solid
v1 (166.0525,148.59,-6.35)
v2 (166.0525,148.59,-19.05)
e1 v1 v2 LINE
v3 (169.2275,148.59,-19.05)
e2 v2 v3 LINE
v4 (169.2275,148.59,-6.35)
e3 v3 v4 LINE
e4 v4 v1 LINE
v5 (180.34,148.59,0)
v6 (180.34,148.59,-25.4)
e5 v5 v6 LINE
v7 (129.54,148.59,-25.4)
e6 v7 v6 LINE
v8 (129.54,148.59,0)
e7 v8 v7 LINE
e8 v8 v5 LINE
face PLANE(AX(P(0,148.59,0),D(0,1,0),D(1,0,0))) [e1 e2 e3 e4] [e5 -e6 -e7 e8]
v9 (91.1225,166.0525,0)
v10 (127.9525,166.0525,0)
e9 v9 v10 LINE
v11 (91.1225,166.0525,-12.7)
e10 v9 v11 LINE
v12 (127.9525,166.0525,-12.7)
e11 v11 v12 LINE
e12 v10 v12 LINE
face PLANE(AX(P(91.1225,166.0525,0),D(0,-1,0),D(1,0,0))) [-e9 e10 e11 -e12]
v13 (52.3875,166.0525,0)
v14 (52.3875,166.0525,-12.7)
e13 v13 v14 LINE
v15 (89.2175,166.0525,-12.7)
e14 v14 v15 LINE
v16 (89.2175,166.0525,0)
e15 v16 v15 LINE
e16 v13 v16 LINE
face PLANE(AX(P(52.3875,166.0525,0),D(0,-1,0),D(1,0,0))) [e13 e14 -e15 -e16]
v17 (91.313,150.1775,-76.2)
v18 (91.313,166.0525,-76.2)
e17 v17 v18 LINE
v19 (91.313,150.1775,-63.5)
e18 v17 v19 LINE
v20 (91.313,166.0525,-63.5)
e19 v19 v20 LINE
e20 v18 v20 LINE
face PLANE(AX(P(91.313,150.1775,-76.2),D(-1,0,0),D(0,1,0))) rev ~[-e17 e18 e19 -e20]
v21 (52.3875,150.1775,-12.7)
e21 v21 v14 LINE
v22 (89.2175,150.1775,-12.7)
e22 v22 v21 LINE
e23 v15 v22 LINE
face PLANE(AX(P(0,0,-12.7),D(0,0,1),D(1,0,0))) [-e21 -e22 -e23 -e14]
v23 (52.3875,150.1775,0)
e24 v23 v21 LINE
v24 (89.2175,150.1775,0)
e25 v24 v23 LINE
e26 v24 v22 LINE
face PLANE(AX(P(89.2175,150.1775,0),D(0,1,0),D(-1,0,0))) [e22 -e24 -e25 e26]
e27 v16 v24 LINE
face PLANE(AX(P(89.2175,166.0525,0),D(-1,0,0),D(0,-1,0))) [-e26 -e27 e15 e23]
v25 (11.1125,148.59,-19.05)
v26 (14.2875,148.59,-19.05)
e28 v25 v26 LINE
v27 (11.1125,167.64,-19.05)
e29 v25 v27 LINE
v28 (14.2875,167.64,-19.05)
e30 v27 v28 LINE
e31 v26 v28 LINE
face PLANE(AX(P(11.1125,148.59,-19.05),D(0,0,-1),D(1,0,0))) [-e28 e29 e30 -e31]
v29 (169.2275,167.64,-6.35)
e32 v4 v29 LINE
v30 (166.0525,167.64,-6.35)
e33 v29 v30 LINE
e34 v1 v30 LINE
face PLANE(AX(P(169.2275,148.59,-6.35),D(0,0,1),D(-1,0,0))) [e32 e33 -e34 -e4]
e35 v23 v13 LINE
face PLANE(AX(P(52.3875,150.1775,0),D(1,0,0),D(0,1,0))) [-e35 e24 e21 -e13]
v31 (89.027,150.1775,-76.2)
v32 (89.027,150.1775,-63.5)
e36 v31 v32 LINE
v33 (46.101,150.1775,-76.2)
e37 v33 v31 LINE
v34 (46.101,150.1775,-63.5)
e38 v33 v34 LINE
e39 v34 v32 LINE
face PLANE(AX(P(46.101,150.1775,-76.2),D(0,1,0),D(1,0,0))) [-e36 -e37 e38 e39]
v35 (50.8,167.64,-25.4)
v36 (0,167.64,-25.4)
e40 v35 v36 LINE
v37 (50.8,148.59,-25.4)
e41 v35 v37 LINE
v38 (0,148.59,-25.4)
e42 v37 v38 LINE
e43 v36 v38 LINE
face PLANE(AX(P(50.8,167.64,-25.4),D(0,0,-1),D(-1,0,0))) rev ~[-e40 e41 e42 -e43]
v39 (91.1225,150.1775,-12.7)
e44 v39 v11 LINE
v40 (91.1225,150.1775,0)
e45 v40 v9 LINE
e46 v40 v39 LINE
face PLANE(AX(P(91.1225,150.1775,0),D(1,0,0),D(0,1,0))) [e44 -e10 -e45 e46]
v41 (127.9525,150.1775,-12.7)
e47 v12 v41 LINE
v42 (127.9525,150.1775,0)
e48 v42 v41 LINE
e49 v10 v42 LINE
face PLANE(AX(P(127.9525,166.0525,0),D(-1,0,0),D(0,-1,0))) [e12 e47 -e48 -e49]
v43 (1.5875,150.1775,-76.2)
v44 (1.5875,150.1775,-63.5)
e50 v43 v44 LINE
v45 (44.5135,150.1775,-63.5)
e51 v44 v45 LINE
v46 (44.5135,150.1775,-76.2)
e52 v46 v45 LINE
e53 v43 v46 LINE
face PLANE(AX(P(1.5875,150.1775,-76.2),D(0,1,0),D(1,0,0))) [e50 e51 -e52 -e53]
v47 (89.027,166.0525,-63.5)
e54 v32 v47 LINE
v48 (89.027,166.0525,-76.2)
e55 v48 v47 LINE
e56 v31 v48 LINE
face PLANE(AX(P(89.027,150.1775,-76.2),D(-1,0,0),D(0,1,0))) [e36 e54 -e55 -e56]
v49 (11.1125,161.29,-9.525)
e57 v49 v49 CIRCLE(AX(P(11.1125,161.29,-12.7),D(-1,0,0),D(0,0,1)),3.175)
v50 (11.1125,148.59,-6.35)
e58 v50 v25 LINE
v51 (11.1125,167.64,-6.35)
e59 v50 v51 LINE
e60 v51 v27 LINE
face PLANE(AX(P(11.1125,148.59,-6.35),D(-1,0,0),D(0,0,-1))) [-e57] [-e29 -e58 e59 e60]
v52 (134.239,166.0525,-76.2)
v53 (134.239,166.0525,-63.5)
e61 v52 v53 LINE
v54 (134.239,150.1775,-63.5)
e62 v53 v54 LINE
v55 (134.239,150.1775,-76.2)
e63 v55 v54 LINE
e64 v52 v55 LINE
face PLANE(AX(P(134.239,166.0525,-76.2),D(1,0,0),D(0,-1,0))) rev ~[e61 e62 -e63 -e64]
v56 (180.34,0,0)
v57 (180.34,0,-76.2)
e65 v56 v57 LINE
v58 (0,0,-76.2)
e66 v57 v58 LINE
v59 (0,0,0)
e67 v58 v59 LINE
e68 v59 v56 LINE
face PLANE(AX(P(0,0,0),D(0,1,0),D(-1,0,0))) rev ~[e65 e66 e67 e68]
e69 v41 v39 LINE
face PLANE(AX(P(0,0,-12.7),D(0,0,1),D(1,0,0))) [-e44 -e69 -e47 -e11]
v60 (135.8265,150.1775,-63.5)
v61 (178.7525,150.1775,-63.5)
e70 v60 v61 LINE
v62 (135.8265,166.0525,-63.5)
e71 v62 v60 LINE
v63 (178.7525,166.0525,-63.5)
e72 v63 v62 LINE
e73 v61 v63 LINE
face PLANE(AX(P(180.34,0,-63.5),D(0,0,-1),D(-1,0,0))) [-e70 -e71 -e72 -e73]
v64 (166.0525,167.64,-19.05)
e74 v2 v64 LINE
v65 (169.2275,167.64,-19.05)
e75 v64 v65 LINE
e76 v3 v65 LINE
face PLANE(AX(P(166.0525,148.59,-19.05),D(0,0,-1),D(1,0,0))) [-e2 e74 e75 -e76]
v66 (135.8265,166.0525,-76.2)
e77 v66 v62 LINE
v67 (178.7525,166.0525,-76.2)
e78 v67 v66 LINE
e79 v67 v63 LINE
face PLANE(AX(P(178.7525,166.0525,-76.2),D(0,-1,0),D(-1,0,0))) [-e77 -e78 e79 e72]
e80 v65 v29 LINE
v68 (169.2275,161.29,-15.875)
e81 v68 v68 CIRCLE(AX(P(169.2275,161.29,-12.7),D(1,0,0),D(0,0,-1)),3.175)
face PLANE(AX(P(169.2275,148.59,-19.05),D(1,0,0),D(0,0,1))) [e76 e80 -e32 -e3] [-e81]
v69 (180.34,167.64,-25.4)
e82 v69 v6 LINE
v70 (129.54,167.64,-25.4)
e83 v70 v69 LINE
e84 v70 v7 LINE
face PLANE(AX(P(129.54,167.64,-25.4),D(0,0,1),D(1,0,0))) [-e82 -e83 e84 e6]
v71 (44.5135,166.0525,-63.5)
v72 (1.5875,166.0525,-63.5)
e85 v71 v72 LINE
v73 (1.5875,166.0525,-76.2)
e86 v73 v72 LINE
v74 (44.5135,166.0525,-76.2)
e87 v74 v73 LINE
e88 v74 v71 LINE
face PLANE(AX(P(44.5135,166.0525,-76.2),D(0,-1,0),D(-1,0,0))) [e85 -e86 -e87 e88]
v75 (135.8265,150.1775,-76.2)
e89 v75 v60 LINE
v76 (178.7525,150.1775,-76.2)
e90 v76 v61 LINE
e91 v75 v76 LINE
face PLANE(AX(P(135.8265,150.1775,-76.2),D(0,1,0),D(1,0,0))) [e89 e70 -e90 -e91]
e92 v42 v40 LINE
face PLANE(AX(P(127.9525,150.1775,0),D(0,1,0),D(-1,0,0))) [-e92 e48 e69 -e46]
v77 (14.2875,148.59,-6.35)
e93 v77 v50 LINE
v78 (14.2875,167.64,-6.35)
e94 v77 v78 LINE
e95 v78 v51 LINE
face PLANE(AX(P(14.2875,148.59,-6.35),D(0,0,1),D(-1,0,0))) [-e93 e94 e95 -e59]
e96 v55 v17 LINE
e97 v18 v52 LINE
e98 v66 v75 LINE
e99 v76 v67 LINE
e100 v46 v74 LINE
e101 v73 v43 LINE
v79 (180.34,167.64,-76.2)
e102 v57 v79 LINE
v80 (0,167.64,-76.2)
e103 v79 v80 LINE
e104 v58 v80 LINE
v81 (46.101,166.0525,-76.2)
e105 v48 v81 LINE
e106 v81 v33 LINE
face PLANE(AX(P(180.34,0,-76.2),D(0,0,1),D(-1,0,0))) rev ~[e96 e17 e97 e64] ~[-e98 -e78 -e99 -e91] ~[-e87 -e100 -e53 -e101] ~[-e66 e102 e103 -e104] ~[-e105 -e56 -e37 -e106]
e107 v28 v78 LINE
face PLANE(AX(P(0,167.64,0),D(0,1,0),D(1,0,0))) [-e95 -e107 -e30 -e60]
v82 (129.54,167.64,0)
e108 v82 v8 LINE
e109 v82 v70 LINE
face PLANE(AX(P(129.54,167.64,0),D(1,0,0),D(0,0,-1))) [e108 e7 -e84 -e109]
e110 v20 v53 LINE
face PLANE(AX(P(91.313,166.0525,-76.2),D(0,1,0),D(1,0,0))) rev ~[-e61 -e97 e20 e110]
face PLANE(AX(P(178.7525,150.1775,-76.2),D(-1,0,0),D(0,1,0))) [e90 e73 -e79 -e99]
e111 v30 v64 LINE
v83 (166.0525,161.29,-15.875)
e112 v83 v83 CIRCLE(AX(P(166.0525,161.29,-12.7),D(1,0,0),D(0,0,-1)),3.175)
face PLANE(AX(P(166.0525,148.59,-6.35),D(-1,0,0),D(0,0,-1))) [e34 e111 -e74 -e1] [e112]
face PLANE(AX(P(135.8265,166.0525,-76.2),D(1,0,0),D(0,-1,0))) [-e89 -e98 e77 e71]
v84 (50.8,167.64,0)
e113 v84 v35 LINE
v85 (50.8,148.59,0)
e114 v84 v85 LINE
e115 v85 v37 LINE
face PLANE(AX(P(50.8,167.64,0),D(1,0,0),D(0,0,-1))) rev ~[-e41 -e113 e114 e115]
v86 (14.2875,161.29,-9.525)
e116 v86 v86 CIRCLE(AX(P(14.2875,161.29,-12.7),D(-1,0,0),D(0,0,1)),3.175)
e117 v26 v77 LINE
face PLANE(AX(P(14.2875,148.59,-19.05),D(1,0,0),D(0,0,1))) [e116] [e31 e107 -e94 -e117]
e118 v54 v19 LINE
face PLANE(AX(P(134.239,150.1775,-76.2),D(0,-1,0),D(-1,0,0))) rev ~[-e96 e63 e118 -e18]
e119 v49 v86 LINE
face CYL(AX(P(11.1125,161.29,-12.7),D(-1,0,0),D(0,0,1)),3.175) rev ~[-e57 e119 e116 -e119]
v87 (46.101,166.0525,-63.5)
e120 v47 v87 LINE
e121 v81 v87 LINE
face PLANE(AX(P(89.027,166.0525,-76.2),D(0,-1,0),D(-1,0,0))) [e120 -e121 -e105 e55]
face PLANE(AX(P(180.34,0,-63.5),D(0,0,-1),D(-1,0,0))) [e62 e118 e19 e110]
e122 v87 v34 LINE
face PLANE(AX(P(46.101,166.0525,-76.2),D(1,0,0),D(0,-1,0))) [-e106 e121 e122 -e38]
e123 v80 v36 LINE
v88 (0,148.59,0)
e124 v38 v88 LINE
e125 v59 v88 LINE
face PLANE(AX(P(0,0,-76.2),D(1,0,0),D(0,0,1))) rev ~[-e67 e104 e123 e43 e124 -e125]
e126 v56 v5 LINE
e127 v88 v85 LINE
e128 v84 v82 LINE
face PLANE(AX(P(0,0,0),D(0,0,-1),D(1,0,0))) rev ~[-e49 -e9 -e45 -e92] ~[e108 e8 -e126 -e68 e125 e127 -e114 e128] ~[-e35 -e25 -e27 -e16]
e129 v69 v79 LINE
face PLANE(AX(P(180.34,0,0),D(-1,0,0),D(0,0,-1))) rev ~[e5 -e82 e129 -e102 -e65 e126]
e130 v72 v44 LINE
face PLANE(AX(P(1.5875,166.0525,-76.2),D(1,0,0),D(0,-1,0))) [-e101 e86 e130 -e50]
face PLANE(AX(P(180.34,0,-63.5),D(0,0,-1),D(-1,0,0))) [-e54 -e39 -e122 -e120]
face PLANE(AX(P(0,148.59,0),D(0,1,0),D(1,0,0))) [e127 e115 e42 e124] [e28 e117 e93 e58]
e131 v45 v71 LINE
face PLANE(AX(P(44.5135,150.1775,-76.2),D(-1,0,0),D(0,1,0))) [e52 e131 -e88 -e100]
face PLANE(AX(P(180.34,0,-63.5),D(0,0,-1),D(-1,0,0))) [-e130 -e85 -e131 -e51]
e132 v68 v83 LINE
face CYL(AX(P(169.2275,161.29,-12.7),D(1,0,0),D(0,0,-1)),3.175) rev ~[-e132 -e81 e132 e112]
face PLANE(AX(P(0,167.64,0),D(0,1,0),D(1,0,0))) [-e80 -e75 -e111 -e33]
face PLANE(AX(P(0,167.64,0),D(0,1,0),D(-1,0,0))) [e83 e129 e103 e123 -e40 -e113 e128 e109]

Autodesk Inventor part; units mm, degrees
ref_plane "YZ Plane" through (0, 0, 0) normal (1, 0, 0) x (0, 1, 0)
ref_plane "XZ Plane" through (0, 0, 0) normal (0, 1, 0) x (-1, 0, 0)
ref_plane "XY Plane" through (0, 0, 0) normal (0, 0, 1) x (1, 0, 0)
sketch "Sketch1" plane through (0, 0, 0) normal (0, 1, 0) x (-1, 0, 0)
  line L0 (0, 0) -> (-180.34, 0)
  line L1 (-180.34, 0) -> (-180.34, -76.2)
  line L2 (-180.34, -76.2) -> (0, -76.2)
  line L3 (0, -76.2) -> (0, 0)
  dimension "d0" = 180.34
  dimension "d1" = 76.2
extrude "Extrusion1" add sketch "Sketch1" along normal blind 167.64
sketch "Sketch2" plane through (0, 167.64, 0) normal (0, 1, 0) x (1, 0, 0)
  line L0 (0, 0) -> (180.34, 0) projected
  line L1 (180.34, 0) -> (180.34, 76.2) projected
  line L2 (180.34, 76.2) -> (0, 76.2) projected
  line L3 (0, 76.2) -> (0, 0) projected
  line L4 (0, 0) -> (50.8, 0)
  line L5 (50.8, 0) -> (50.8, 25.4)
  line L6 (50.8, 25.4) -> (0, 25.4)
  line L7 (0, 25.4) -> (0, 0)
  line L8 (180.34, 0) -> (129.54, 0)
  line L9 (129.54, 0) -> (129.54, 25.4)
  line L10 (129.54, 25.4) -> (180.34, 25.4)
  line L11 (180.34, 25.4) -> (180.34, 0)
  dimension "d4" = 50.8
  dimension "d5" = 25.4
  dimension "d6" = 50.8
  dimension "d7" = 25.4
extrude "Extrusion2" cut sketch "Sketch2" against normal blind 19.05 contours L3 L6 L5 L0 | L9 L10 L1 L0
sketch "Sketch3" plane through (0, 0, 0) normal (0, 0, 1) x (1, 0, 0)
  line L0 (50.8, 167.64) -> (50.8, 148.59) construction
  line L1 (50.8, 148.59) -> (0, 148.59) projected
  line L2 (0, 0) -> (0, 148.59) projected
  line L3 (0, 0) -> (180.34, 0) projected
  line L4 (180.34, 0) -> (180.34, 148.59) projected
  line L5 (180.34, 148.59) -> (129.54, 148.59) projected
  line L6 (129.54, 148.59) -> (129.54, 167.64) construction
  line L7 (50.8, 167.64) -> (129.54, 167.64) construction
  line L8 (50.8, 167.64) -> (129.54, 167.64)
  line L9 (129.54, 167.64) -> (129.54, 148.59)
  line L10 (129.54, 148.59) -> (50.8, 148.59) construction
  line L11 (50.8, 148.59) -> (50.8, 167.64)
  line L12 (52.3875, 150.1775) -> (127.9525, 150.1775) construction
  line L13 (127.9525, 150.1775) -> (127.9525, 166.0525) construction
  line L14 (127.9525, 166.0525) -> (52.3875, 166.0525) construction
  line L15 (52.3875, 166.0525) -> (52.3875, 150.1775) construction
  line L16 (52.3875, 166.0525) -> (89.2175, 166.0525)
  line L17 (89.2175, 166.0525) -> (89.2175, 150.1775)
  line L18 (89.2175, 150.1775) -> (52.3875, 150.1775)
  line L19 (52.3875, 150.1775) -> (52.3875, 166.0525)
  line L20 (127.9525, 150.1775) -> (91.1225, 150.1775)
  line L21 (91.1225, 150.1775) -> (91.1225, 166.0525)
  line L22 (91.1225, 166.0525) -> (127.9525, 166.0525)
  line L23 (127.9525, 166.0525) -> (127.9525, 150.1775)
  dimension "d10" = 1.5875
  dimension "d11" = 36.83
  dimension "d12" = 36.83
extrude "Extrusion3" cut sketch "Sketch3" against normal blind 12.7 contours L16 L17 L18 L19 | L20 L21 L22 L23
sketch "Sketch4" plane through (180.34, 0, -76.2) normal (0, 0, -1) x (-1, 0, 0)
  line L0 (0, 0) -> (180.34, 0) construction
  line L1 (180.34, 0) -> (180.34, 167.64) construction
  line L2 (0, 167.64) -> (180.34, 167.64) construction
  line L3 (0, 0) -> (0, 167.64) construction
  line L4 (0, 167.64) -> (180.34, 167.64) construction
  line L5 (180.34, 167.64) -> (180.34, 148.59) construction
  line L6 (180.34, 148.59) -> (0, 148.59) construction
  line L7 (0, 148.59) -> (0, 167.64) construction
  line L8 (1.5875, 150.1775) -> (178.7525, 150.1775) construction
  line L9 (178.7525, 150.1775) -> (178.7525, 166.0525) construction
  line L10 (178.7525, 166.0525) -> (1.5875, 166.0525) construction
  line L11 (1.5875, 166.0525) -> (1.5875, 150.1775) construction
  line L12 (1.5875, 166.0525) -> (44.5135, 166.0525)
  line L13 (44.5135, 166.0525) -> (44.5135, 150.1775)
  line L14 (44.5135, 150.1775) -> (1.5875, 150.1775)
  line L15 (1.5875, 150.1775) -> (1.5875, 166.0525)
  line L16 (178.7525, 150.1775) -> (135.8265, 150.1775)
  line L17 (135.8265, 150.1775) -> (135.8265, 166.0525)
  line L18 (135.8265, 166.0525) -> (178.7525, 166.0525)
  line L19 (178.7525, 166.0525) -> (178.7525, 150.1775)
  line L20 (46.101, 150.1775) -> (89.027, 150.1775)
  line L21 (89.027, 150.1775) -> (89.027, 166.0525)
  line L22 (89.027, 166.0525) -> (46.101, 166.0525)
  line L23 (46.101, 166.0525) -> (46.101, 150.1775)
  line L24 (134.239, 150.1775) -> (91.313, 150.1775)
  line L25 (91.313, 150.1775) -> (91.313, 166.0525)
  line L26 (91.313, 166.0525) -> (134.239, 166.0525)
  line L27 (134.239, 166.0525) -> (134.239, 150.1775)
  dimension "d15" = 1.5875
  dimension "d16" = 42.926
  dimension "d17" = 42.926
  dimension "d18" = 42.926
  dimension "d19" = 42.926
  dimension "d20" = 1.5875
  dimension "d21" = 1.5875
extrude "Extrusion4" cut sketch "Sketch4" against normal blind 12.7
sketch "Sketch5" plane through (0, 148.59, 0) normal (0, 1, 0) x (1, 0, 0)
  line L0 (50.8, 0) -> (0, 0) projected
  line L1 (50.8, 25.4) -> (50.8, 0) projected
  line L2 (0, 25.4) -> (50.8, 25.4) projected
  line L3 (0, 0) -> (0, 25.4) projected
  line L4 (180.34, 25.4) -> (180.34, 0) projected
  line L5 (129.54, 25.4) -> (180.34, 25.4) projected
  line L6 (129.54, 0) -> (129.54, 25.4) projected
  line L7 (180.34, 0) -> (129.54, 0) projected
  line L8 (0, 0) -> (12.7, 0) construction
  line L9 (12.7, 0) -> (12.7, 12.7) construction
  line L10 (12.7, 12.7) -> (0, 12.7) construction
  line L11 (0, 12.7) -> (0, 0) construction
  line L12 (180.34, 0) -> (167.64, 0) construction
  line L13 (167.64, 0) -> (167.64, 12.7) construction
  line L14 (167.64, 12.7) -> (180.34, 12.7) construction
  line L15 (180.34, 12.7) -> (180.34, 0) construction
  line L16 (11.1125, 19.05) -> (14.2875, 19.05)
  line L17 (14.2875, 19.05) -> (14.2875, 6.35)
  line L18 (14.2875, 6.35) -> (11.1125, 6.35)
  line L19 (11.1125, 6.35) -> (11.1125, 19.05)
  line L20 (11.1125, 19.05) -> (14.2875, 6.35) construction
  line L21 (14.2875, 19.05) -> (11.1125, 6.35) construction
  line L22 (169.2275, 6.35) -> (166.0525, 6.35)
  line L23 (166.0525, 6.35) -> (166.0525, 19.05)
  line L24 (166.0525, 19.05) -> (169.2275, 19.05)
  line L25 (169.2275, 19.05) -> (169.2275, 6.35)
  line L26 (169.2275, 6.35) -> (166.0525, 19.05) construction
  line L27 (166.0525, 6.35) -> (169.2275, 19.05) construction
  dimension "d24" = 12.7
  dimension "d25" = 12.7
  dimension "d26" = 12.7
  dimension "d27" = 12.7
  dimension "d28" = 3.175
  dimension "d29" = 12.7
  dimension "d30" = 3.175
  dimension "d31" = 12.7
extrude "Extrusion5" add sketch "Sketch5" along normal blind 19.05 contours L16 L17 L18 L19 | L22 L23 L24 L25
sketch "Sketch6" plane through (169.2275, 148.59, -6.35) normal (1, 0, 0) x (0, 0, -1)
  line L0 (12.7, 0) -> (0, 0) construction
  line L1 (12.7, 0) -> (12.7, 19.05) construction
  line L2 (0, 19.05) -> (12.7, 19.05) construction
  line L3 (0, 0) -> (0, 19.05) construction
  line L4 (0, 19.05) -> (6.35, 19.05) construction
  line L5 (6.35, 19.05) -> (6.35, 12.7) construction
  line L6 (6.35, 12.7) -> (0, 12.7) construction
  line L7 (0, 12.7) -> (0, 19.05) construction
  circle A0 centre (6.35, 12.7) radius 3.175
  point P0 (-6.35, -148.59)
  dimension "d34" = 6.35
  dimension "d35" = 6.35
  dimension "d36" = 6.35
extrude "Extrusion6" cut sketch "Sketch6" against normal blind 25.4
sketch "Sketch7" plane through (11.1125, 148.59, -19.05) normal (-1, 0, 0) x (0, 0, 1)
  line L0 (12.7, 0) -> (0, 0) construction
  line L1 (12.7, 0) -> (12.7, 19.05) construction
  line L2 (0, 19.05) -> (12.7, 19.05) construction
  line L3 (0, 0) -> (0, 19.05) construction
  line L4 (12.7, 19.05) -> (6.35, 19.05) construction
  line L5 (6.35, 19.05) -> (6.35, 12.7) construction
  line L6 (6.35, 12.7) -> (12.7, 12.7) construction
  line L7 (12.7, 12.7) -> (12.7, 19.05) construction
  circle A0 centre (6.35, 12.7) radius 3.175
  point P0 (19.05, -148.59)
  dimension "d39" = 6.35
  dimension "d40" = 6.35
  dimension "d41" = 6.35
extrude "Extrusion7" cut sketch "Sketch7" against normal blind 25.4
properties part number "battery"
